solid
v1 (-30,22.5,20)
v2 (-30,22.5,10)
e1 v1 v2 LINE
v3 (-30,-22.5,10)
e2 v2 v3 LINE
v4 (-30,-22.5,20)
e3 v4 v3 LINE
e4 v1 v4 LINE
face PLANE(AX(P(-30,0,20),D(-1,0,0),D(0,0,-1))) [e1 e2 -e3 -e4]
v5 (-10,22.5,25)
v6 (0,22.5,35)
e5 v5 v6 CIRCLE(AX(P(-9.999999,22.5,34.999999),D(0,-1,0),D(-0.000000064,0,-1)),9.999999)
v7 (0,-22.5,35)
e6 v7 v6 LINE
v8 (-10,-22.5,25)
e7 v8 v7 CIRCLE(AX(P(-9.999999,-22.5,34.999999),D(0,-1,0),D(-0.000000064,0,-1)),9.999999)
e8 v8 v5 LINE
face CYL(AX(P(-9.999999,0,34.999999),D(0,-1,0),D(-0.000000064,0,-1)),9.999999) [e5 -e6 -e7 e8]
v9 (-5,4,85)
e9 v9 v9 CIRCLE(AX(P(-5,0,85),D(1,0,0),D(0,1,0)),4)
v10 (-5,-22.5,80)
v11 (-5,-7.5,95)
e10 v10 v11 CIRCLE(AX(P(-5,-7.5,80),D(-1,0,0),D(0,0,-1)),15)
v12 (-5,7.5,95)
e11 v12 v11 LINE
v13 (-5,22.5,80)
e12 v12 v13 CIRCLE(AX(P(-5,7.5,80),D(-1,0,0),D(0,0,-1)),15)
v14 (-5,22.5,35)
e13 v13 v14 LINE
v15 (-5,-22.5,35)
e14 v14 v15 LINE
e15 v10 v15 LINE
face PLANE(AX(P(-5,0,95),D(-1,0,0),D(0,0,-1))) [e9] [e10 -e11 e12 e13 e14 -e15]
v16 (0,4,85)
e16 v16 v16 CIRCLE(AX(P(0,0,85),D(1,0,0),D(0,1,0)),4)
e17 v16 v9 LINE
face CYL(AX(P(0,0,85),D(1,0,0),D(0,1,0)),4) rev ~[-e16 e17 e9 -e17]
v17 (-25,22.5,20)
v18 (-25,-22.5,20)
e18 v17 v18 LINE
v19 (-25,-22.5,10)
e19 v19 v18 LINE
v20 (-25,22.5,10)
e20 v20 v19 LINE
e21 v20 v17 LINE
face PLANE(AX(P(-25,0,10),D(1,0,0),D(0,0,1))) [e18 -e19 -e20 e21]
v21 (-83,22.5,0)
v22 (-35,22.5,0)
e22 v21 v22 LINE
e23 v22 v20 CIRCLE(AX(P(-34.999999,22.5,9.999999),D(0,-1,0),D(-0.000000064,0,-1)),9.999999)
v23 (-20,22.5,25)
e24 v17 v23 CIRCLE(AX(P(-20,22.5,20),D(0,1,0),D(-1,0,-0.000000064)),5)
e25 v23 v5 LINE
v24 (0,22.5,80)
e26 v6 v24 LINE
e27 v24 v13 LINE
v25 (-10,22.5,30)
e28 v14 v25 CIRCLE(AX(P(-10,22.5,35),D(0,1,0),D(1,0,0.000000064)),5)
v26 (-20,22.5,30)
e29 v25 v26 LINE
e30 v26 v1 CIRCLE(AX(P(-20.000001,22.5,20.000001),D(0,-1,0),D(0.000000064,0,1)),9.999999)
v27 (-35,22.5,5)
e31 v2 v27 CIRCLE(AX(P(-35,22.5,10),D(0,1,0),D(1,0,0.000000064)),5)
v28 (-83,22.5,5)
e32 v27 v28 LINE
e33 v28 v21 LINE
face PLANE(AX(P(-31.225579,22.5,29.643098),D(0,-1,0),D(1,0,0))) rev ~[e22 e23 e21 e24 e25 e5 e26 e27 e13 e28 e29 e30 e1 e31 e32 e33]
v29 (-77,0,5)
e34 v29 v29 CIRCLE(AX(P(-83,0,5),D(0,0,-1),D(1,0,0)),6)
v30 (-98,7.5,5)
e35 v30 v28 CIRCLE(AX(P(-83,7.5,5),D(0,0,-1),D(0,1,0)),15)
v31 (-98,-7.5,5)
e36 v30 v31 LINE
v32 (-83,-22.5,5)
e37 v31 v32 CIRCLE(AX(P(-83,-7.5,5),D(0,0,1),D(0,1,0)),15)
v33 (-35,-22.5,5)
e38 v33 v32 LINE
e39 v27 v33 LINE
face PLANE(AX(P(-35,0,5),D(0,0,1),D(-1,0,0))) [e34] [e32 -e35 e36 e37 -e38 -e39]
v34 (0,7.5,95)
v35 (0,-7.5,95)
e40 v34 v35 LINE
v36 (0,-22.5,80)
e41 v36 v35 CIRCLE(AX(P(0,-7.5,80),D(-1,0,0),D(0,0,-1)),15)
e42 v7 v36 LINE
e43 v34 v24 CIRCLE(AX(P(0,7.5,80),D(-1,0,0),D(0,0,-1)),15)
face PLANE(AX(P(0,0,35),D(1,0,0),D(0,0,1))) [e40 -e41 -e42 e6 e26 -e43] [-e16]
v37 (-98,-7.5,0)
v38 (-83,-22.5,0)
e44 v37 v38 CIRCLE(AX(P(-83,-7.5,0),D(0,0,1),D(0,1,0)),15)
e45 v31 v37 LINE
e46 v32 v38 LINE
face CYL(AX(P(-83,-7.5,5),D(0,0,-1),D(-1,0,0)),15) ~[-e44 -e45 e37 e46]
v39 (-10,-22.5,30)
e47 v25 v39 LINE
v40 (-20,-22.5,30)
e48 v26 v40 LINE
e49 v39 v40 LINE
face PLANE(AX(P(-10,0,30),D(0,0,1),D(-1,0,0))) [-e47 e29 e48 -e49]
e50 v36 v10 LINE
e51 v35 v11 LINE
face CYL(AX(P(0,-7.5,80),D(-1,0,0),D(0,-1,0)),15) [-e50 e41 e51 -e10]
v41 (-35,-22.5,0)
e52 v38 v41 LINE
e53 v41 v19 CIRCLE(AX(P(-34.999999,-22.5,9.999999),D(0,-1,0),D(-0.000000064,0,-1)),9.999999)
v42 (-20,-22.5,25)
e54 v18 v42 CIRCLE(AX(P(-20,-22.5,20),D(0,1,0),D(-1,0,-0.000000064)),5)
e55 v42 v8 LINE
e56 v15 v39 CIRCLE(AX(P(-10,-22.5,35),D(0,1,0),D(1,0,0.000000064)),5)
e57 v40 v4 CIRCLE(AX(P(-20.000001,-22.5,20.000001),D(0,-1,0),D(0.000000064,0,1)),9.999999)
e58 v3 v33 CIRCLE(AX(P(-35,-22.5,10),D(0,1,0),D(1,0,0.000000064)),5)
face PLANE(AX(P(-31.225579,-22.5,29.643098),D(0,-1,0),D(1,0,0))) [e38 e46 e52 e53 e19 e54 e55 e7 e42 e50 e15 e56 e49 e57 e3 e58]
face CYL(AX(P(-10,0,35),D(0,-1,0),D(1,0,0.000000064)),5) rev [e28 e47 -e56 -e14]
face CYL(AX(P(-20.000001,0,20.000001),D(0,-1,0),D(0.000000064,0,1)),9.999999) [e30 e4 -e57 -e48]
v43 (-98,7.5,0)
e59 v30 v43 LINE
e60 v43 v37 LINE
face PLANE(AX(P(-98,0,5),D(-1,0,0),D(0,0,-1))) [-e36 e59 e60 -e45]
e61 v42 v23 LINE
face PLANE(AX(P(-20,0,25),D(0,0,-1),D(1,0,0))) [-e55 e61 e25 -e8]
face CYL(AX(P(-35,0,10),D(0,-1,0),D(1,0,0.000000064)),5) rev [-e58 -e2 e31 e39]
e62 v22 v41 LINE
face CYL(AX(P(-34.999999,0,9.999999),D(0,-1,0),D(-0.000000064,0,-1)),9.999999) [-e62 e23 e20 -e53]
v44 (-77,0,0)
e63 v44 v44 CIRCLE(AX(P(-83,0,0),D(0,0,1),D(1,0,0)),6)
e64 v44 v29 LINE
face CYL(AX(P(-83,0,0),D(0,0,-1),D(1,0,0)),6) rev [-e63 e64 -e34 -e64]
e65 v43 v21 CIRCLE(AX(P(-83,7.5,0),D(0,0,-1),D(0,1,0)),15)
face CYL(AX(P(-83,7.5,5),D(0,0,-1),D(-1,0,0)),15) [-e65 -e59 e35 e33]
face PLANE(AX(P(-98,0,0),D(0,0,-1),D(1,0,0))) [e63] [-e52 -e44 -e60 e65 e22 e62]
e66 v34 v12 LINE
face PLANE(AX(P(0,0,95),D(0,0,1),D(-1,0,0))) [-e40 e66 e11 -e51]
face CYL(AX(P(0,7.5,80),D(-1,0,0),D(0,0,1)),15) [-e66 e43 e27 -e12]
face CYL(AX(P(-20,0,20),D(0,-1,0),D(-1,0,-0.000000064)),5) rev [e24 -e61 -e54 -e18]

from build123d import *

# Parameters (mm, degrees)
F1_DEPTH = 22.5
F2_R     = 15
F3_R     = 4
F4_DEPTH = 98.001
F5_R     = 6
F6_DEPTH = 25


with BuildPart() as f1:
    # F0 (on Front) → F1 (new body, symmetric)
    with BuildSketch(Plane.XZ):
        with BuildLine():
            Line((0, 35), (0, 95))
            Line((0, 95), (-5, 95))
            Line((-5, 95), (-5, 35))
            ThreePointArc((-5, 35), (-6.464466, 31.464466), (-10, 30))
            Line((-10, 30), (-20, 30))
            ThreePointArc((-20, 30), (-27.071068, 27.071068), (-30, 20))
            Line((-30, 20), (-30, 10))
            ThreePointArc((-30, 10), (-31.464466, 6.464466), (-35, 5))
            Line((-35, 5), (-98, 5))
            Line((-98, 5), (-98, 0))
            Line((-98, 0), (-35, 0))
            ThreePointArc((-35, 0), (-27.928932, 2.928932), (-25, 10))
            Line((-25, 10), (-25, 20))
            ThreePointArc((-25, 20), (-23.535534, 23.535534), (-20, 25))
            Line((-20, 25), (-10, 25))
            ThreePointArc((-10, 25), (-2.928932, 27.928932), (0, 35))
        make_face()
    extrude(amount=F1_DEPTH, both=True)

    # F2
    f2_edges = [f1.edges().sort_by_distance(p)[0] for p in [
        (-98, -22.5, 2.5),
        (-2.5, -22.5, 95),
        (-2.5, 22.5, 95),
        (-98, 22.5, 2.5),
    ]]
    fillet(f2_edges, radius=F2_R)

    # F3 (on face) → F4 (cut, through all)
    with BuildSketch(Plane.YZ):
        with Locations((0, 85)):
            Circle(F3_R)
    extrude(amount=-F4_DEPTH, mode=Mode.SUBTRACT)

    # F5 (on Top) → F6 (cut)
    with BuildSketch(Plane.XY):
        with Locations((-83, 0)):
            Circle(F5_R)
    extrude(amount=F6_DEPTH, mode=Mode.SUBTRACT)


solid = f1.part
